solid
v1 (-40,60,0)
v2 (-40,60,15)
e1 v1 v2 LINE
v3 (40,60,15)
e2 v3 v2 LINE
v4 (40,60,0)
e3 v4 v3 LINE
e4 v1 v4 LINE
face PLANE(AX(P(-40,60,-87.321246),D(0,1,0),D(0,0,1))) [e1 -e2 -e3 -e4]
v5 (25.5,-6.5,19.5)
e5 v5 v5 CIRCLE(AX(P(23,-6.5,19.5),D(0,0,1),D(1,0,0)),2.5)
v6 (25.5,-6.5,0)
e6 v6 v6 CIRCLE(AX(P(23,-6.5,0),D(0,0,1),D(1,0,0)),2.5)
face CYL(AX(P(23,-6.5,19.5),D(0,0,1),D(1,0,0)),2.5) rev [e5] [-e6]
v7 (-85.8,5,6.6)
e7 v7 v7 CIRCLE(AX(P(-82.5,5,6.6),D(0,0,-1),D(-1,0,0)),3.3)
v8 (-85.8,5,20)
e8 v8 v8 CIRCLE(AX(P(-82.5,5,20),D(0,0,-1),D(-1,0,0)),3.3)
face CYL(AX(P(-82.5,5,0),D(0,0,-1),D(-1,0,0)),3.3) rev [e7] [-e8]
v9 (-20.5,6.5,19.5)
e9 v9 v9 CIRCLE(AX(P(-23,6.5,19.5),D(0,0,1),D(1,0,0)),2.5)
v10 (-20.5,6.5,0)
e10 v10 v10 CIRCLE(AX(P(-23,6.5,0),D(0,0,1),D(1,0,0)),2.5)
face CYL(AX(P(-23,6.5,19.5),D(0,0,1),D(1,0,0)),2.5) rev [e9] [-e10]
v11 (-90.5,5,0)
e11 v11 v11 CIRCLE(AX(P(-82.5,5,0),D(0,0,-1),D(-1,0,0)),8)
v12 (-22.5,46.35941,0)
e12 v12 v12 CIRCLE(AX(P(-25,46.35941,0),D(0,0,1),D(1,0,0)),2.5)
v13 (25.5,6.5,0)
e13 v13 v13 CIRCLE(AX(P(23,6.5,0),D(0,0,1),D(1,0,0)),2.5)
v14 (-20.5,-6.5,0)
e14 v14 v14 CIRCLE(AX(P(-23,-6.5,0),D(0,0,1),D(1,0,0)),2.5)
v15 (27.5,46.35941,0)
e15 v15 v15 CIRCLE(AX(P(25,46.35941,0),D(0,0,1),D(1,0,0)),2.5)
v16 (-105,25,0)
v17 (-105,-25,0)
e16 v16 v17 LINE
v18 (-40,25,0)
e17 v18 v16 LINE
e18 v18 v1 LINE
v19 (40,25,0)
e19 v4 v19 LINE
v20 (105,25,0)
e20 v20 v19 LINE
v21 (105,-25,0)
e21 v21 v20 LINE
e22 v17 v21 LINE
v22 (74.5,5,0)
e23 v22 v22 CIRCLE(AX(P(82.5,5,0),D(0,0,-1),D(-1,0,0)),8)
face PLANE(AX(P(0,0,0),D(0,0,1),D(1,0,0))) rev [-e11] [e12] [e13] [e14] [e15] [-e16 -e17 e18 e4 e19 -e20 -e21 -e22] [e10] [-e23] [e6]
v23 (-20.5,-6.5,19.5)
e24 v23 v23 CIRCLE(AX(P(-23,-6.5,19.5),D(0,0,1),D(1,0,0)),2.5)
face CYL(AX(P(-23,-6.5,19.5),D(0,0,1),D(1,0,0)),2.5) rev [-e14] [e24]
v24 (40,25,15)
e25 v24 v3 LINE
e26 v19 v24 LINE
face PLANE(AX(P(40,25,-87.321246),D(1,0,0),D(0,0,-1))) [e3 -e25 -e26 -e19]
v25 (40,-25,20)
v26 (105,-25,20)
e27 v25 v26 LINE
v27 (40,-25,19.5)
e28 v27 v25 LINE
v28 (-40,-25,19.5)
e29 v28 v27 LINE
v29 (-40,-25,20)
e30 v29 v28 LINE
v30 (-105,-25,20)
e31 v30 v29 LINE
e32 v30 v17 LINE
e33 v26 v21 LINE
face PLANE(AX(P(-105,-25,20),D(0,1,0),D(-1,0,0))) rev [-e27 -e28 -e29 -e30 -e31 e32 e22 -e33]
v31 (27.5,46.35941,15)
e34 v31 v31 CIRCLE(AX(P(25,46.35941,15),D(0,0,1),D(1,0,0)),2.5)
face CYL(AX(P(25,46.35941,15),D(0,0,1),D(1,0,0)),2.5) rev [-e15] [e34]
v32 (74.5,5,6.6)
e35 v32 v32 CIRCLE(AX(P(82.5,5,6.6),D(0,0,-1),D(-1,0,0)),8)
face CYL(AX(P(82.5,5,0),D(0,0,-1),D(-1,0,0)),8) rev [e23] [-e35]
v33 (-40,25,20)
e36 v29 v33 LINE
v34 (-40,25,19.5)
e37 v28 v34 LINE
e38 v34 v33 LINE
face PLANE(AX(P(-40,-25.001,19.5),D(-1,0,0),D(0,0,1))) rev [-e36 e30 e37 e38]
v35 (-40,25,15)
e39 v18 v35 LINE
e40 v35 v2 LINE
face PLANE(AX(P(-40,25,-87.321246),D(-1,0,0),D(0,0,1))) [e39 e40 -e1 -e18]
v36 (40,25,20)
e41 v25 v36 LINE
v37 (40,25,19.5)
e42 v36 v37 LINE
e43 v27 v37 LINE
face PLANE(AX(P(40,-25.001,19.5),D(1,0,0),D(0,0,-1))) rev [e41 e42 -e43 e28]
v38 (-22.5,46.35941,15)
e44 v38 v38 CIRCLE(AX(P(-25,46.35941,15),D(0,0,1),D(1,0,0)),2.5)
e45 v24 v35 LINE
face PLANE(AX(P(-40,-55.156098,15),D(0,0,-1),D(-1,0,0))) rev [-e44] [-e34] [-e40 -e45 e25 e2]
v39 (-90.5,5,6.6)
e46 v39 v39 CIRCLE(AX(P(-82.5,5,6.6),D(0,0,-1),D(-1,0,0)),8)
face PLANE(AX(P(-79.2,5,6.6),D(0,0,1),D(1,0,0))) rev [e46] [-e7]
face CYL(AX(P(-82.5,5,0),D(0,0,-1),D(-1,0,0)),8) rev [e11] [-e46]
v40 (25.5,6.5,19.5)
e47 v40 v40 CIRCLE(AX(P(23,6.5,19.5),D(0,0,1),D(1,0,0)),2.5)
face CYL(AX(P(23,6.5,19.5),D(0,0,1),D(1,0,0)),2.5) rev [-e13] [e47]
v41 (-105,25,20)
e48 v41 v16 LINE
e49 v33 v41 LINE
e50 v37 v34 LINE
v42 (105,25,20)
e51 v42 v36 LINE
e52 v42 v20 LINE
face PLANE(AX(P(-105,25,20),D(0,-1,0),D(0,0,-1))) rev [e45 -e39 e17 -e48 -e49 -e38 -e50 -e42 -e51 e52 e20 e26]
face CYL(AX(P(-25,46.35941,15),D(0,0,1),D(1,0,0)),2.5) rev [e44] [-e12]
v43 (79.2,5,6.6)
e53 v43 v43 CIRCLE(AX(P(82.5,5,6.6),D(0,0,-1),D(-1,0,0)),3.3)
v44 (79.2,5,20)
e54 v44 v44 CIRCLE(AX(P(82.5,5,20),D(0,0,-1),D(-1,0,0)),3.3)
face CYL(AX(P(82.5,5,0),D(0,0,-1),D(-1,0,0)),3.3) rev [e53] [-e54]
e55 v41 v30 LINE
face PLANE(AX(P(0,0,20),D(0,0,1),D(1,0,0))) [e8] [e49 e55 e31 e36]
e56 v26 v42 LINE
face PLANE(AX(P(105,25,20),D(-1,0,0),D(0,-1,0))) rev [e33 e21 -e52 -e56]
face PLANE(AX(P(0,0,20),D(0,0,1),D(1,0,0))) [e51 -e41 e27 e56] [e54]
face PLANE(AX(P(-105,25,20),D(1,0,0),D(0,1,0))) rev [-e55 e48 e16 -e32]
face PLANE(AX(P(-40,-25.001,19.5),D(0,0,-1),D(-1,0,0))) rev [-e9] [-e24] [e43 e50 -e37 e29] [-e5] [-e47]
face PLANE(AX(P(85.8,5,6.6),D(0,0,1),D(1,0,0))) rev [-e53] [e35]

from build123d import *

# Parameters (mm, degrees)
SKETCH1_W                                      = 210
SKETCH1_H                                      = 50
EXTRUDE1_DEPTH                                 = 20
CBORE_FOR_M6_HEX_HEAD_FLANGE_BOLT1_D           = 6.6
CBORE_FOR_M6_HEX_HEAD_FLANGE_BOLT1_CBORE_D     = 16
CBORE_FOR_M6_HEX_HEAD_FLANGE_BOLT1_CBORE_DEPTH = 6.6
CUT_EXTRUDE1_REACH                             = 52
SKETCH4_W                                      = 80
SKETCH4_H                                      = 0.5
M6_TAPPED_HOLE1_D                              = 5
SKETCH7_W                                      = 80
SKETCH7_H                                      = 35
EXTRUDE2_DEPTH                                 = 19.5
SKETCH8_W                                      = 80
SKETCH8_H                                      = 5
CUT_EXTRUDE2_DEPTH                             = 35
M6_TAPPED_HOLE2_D                              = 5


with BuildPart() as part:
    # Sketch1 → Extrude1 (new body)
    with BuildSketch(Plane.XY):
        Rectangle(SKETCH1_W, SKETCH1_H)
    extrude(amount=EXTRUDE1_DEPTH)

    # CBORE for M6 Hex Head Flange Bolt1 (through all)
    with Locations(Plane(origin=(0, 0, 0), x_dir=(-1, 0, 0), z_dir=(0, 0, -1))):
        with Locations((82.5, 5), (-82.5, 5)):
            CounterBoreHole(CBORE_FOR_M6_HEX_HEAD_FLANGE_BOLT1_D / 2, CBORE_FOR_M6_HEX_HEAD_FLANGE_BOLT1_CBORE_D / 2, CBORE_FOR_M6_HEX_HEAD_FLANGE_BOLT1_CBORE_DEPTH)

    # Sketch4 → Cut-Extrude1 (cut, up to next)
    with BuildSketch(Plane(origin=(0, 25, 0), x_dir=(1, 0, 0), z_dir=(0, 1, 0)), mode=Mode.PRIVATE) as cut_extrude1_sk1:
        with Locations((0, -19.75)):
            Rectangle(SKETCH4_W, SKETCH4_H)
    cut_extrude1_tool1 = extrude(cut_extrude1_sk1.sketch, amount=-CUT_EXTRUDE1_REACH, mode=Mode.PRIVATE) & part.part
    add(cut_extrude1_tool1.solids().sort_by_distance((0, 25, 19.75))[0], mode=Mode.SUBTRACT)

    # M6 Tapped Hole1 (through all)
    with Locations(Plane.XY.offset(19.5)):
        with Locations((-23, 6.5), (-23, -6.5), (23, 6.5), (23, -6.5)):
            Hole(M6_TAPPED_HOLE1_D / 2)

    # Sketch7 → Extrude2 (add)
    with BuildSketch(Plane.XY.offset(19.5)):
        with Locations((0, 42.5)):
            Rectangle(SKETCH7_W, SKETCH7_H)
    extrude(amount=-EXTRUDE2_DEPTH)

    # Sketch8 → Cut-Extrude2 (cut)
    with BuildSketch(Plane(origin=(0, 60, 0), x_dir=(1, 0, 0), z_dir=(0, 1, 0))):
        with Locations((0, -17.5)):
            Rectangle(SKETCH8_W, SKETCH8_H)
    extrude(amount=-CUT_EXTRUDE2_DEPTH, mode=Mode.SUBTRACT)

    # M6 Tapped Hole2 (through all)
    with Locations(Plane.XY.offset(15)):
        with Locations((-25, 46.359410027), (25, 46.359410027)):
            Hole(M6_TAPPED_HOLE2_D / 2)


solid = part.part
